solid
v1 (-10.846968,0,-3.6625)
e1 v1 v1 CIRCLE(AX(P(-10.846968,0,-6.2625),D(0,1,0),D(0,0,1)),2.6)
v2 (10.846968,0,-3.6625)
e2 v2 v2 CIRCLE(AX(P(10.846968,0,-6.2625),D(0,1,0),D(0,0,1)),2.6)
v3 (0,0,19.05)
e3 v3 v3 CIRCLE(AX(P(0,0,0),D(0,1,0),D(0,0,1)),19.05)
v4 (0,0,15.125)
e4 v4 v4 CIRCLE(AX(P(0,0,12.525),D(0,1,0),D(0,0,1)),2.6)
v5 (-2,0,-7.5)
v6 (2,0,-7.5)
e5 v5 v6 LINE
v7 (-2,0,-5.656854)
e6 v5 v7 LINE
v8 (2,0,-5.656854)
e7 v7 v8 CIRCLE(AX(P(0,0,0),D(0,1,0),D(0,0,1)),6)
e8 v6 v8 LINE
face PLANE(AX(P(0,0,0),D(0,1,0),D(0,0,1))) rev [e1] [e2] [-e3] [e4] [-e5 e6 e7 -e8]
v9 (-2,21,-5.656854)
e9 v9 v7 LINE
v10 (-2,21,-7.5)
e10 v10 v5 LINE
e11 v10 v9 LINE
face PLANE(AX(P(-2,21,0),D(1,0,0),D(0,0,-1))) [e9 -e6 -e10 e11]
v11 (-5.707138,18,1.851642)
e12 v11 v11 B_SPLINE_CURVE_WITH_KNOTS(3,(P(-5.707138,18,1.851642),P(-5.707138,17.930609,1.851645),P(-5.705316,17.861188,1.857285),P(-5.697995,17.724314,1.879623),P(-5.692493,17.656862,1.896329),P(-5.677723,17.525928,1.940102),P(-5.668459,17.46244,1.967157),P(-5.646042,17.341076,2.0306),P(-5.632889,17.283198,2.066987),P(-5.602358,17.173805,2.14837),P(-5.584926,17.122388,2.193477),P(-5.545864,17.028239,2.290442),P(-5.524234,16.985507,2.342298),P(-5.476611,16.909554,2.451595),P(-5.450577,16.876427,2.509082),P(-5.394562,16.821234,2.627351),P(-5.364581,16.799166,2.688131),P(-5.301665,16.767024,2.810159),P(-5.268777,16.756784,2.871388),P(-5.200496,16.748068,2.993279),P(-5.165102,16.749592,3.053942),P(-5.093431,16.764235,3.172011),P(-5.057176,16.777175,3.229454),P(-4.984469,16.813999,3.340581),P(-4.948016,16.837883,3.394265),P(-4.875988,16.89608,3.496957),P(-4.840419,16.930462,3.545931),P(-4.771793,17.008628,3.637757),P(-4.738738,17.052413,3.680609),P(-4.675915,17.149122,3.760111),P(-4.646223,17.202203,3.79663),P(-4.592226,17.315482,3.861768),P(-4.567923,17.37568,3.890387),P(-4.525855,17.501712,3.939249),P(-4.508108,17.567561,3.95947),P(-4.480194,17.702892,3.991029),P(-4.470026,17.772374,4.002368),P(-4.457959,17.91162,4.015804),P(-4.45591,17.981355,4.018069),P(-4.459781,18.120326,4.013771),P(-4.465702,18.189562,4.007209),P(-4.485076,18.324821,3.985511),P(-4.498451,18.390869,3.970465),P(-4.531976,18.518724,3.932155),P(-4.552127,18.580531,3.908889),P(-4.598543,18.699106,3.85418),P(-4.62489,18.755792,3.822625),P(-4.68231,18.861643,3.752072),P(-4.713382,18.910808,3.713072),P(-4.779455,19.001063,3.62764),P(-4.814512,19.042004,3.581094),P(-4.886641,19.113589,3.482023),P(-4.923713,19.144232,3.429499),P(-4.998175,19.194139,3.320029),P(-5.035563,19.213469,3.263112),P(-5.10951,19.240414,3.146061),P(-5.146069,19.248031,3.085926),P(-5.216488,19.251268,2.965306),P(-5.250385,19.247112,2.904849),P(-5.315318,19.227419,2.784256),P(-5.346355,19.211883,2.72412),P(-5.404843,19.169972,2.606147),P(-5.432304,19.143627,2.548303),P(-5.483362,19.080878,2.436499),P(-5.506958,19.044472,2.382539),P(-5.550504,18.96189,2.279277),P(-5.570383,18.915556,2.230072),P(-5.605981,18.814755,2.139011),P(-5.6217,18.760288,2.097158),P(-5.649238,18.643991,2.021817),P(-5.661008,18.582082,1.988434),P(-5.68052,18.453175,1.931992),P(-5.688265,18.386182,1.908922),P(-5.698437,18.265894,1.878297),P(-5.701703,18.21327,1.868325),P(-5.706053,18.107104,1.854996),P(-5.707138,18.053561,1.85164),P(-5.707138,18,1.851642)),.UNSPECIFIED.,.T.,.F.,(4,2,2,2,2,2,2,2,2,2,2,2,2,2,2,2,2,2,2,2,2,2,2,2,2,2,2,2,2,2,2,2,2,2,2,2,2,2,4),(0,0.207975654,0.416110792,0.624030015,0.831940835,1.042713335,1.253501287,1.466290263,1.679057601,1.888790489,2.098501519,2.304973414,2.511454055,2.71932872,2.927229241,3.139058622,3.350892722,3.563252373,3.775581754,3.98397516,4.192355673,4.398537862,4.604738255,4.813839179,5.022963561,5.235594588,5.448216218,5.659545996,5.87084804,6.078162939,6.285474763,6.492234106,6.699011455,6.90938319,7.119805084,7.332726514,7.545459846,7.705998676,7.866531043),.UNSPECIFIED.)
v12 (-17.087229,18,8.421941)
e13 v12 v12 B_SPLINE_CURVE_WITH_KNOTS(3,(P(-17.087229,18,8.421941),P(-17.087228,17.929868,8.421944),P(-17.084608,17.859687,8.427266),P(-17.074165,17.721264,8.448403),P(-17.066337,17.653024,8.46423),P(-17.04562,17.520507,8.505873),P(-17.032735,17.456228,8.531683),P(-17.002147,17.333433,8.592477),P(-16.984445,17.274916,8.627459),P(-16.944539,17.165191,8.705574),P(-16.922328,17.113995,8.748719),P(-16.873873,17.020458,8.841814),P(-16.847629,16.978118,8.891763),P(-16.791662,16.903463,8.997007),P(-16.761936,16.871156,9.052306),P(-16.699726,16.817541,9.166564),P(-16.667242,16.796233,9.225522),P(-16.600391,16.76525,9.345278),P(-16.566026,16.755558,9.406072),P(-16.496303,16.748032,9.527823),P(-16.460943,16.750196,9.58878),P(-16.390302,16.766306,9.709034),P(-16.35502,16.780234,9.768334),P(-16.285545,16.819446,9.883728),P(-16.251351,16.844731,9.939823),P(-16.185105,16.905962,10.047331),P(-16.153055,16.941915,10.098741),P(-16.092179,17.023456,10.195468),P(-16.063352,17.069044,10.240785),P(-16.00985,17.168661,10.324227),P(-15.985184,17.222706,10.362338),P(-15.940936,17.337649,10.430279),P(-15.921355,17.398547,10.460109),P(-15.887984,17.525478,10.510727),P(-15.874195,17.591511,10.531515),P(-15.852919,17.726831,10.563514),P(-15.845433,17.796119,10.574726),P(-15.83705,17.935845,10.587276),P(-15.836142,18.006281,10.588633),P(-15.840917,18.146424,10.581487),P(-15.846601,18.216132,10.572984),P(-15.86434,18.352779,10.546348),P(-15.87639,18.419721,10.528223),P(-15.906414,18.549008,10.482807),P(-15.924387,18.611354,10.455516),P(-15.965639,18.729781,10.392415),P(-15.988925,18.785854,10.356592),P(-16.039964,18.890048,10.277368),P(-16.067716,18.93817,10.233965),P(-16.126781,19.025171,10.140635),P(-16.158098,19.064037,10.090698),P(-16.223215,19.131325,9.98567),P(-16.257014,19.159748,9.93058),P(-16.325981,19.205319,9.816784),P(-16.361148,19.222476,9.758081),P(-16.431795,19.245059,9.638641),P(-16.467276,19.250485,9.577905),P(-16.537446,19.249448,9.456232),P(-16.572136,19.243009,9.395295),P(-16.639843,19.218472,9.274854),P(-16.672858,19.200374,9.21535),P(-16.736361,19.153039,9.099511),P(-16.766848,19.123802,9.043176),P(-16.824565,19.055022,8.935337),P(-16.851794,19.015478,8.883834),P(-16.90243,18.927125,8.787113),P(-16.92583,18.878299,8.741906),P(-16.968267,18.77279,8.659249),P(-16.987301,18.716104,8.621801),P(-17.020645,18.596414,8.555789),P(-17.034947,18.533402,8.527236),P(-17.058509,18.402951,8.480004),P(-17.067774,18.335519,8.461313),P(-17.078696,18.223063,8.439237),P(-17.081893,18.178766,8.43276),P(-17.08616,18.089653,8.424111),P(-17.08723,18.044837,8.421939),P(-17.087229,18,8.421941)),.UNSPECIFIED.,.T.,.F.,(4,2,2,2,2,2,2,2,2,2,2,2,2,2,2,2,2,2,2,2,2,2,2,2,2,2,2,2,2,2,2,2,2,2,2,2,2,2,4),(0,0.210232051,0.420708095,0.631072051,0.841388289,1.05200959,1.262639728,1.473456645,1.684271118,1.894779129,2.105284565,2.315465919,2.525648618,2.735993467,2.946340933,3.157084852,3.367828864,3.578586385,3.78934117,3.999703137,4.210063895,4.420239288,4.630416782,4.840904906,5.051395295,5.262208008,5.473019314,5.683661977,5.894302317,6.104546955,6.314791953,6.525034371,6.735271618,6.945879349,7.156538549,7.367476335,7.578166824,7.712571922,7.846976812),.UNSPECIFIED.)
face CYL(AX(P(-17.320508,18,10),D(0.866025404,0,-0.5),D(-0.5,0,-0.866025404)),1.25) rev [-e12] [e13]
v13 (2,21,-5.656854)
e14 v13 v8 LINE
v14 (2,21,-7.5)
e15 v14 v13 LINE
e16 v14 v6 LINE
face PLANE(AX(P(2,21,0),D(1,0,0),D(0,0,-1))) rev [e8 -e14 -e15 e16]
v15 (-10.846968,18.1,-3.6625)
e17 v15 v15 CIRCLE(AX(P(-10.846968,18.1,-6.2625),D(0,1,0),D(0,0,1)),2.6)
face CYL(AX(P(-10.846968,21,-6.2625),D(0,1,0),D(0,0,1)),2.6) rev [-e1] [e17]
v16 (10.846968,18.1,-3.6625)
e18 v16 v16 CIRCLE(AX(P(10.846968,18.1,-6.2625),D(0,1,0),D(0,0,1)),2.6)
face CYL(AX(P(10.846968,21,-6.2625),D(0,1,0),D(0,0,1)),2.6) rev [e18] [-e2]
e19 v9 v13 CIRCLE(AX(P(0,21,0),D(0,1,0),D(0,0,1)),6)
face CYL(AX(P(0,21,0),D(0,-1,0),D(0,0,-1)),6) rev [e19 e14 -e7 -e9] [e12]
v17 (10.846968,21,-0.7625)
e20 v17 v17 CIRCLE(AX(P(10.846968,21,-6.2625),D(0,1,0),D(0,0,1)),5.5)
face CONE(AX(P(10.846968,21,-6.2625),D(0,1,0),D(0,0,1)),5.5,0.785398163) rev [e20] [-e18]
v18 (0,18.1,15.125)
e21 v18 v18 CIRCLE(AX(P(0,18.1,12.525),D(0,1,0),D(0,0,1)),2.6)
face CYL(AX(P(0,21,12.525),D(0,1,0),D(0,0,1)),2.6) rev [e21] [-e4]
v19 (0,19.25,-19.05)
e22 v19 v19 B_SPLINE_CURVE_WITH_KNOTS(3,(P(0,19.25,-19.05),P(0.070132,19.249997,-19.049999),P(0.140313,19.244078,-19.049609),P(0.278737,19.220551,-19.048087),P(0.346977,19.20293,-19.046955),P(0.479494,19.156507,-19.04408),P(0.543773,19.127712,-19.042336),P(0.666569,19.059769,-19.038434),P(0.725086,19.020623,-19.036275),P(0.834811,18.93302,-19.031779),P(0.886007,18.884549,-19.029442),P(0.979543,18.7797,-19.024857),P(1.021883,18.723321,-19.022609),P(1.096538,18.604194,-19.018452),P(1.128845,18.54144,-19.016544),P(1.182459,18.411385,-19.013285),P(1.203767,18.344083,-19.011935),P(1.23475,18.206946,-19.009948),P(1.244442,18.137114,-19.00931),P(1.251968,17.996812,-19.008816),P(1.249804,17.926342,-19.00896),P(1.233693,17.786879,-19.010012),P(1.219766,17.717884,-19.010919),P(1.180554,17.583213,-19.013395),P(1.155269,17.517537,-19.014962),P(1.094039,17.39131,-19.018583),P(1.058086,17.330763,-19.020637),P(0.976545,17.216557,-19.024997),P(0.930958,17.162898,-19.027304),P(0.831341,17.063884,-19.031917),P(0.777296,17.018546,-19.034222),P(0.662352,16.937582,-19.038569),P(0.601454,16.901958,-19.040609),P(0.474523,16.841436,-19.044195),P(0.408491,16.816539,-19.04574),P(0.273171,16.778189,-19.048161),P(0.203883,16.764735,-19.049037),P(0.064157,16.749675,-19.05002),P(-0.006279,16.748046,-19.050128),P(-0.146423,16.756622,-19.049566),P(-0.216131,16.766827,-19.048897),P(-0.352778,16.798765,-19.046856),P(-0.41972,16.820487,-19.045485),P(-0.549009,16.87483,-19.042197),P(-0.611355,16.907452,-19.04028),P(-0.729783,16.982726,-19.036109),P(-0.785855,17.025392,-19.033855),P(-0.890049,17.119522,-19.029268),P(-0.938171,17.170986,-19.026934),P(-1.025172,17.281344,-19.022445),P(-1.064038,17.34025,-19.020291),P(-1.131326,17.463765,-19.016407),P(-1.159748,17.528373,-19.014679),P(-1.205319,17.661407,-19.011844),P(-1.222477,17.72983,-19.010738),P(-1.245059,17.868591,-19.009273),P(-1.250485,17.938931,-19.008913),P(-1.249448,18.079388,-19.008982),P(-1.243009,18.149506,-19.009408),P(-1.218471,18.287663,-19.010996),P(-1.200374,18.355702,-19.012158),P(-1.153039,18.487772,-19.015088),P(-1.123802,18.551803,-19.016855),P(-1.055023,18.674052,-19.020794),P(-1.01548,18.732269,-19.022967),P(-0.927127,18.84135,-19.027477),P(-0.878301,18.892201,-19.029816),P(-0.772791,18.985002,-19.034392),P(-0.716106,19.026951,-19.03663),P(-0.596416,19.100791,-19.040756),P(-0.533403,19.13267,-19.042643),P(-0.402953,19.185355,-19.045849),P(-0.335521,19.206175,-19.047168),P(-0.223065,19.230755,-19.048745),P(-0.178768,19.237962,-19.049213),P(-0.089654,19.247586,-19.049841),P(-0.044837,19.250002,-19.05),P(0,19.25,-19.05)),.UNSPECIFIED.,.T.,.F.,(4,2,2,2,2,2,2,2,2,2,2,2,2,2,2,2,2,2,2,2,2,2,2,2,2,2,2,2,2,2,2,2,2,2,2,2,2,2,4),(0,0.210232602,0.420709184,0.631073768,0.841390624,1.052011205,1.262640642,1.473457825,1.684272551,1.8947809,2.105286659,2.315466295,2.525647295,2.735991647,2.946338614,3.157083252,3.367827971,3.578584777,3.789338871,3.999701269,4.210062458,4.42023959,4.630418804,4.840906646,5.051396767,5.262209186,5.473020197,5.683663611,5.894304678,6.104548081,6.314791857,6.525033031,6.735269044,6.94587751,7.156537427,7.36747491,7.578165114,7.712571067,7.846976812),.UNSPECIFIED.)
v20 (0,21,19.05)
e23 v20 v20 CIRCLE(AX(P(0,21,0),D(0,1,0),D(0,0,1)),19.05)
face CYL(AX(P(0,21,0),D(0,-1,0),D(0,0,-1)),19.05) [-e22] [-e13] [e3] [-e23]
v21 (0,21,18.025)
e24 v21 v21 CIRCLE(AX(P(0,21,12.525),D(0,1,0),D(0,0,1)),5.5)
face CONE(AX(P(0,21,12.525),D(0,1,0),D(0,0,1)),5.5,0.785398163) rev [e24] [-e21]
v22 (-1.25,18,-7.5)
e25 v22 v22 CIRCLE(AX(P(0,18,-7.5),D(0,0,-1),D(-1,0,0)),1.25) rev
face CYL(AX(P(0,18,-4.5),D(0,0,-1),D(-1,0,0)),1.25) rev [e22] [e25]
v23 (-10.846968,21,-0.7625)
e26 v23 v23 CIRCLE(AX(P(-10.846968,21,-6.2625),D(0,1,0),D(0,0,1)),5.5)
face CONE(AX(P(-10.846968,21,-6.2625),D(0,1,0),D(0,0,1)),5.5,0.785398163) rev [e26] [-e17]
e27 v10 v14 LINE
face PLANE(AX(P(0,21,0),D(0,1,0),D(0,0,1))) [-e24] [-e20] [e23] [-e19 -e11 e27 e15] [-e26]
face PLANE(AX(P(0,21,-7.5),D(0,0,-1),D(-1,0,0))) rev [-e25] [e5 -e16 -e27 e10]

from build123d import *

# Parameters (mm, degrees)
SKETCH1_R                     = 19.05
SKETCH1_R_2                   = 2.5
BOSS_EXTRUDE1_DEPTH           = 21
SKETCH2_R                     = 1.25
CUT_EXTRUDE1_DEPTH            = 3
CUT_EXTRUDE1_DEPTH_BACK       = 15
SKETCH4_R                     = 1.25
CUT_EXTRUDE2_DEPTH            = 20
CSK_FOR_M5_SFHCS1_D           = 5.2
CSK_FOR_M5_SFHCS1_CSINK_D     = 11
CSK_FOR_M5_SFHCS1_CSINK_ANGLE = 90


with BuildPart() as part:
    # Sketch1 → Boss-Extrude1 (new body)
    with BuildSketch(Plane(origin=(0, 0, 0), x_dir=(1, 0, 0), z_dir=(0, 1, 0))):
        Circle(SKETCH1_R)
        with Locations((0, -12.525)):
            Circle(SKETCH1_R_2, mode=Mode.SUBTRACT)
        with Locations((-10.846968182, 6.2625)):
            Circle(SKETCH1_R_2, mode=Mode.SUBTRACT)
        with BuildLine():
            Line((-2, 5.656854249), (-2, 7.5))
            Line((-2, 7.5), (-1, 7.5))
            Line((-1, 7.5), (1, 7.5))
            Line((1, 7.5), (2, 7.5))
            Line((2, 7.5), (2, 5.656854249))
            ThreePointArc((2, 5.656854249), (4.898979486, 3.464101615), (6, 0))
            ThreePointArc((6, 0), (-3.464101615, -4.898979486), (-2, 5.656854249))
        make_face(mode=Mode.SUBTRACT)
        with Locations((10.846968182, 6.2625)):
            Circle(SKETCH1_R_2, mode=Mode.SUBTRACT)
        with Locations((-10.846968182, 6.2625)):
            Circle(SKETCH1_R_2)
        with Locations((10.846968182, 6.2625)):
            Circle(SKETCH1_R_2)
        with Locations((0, -12.525)):
            Circle(SKETCH1_R_2)
    extrude(amount=BOSS_EXTRUDE1_DEPTH)

    # Sketch2 → Cut-Extrude1 (cut, two sides)
    with BuildSketch(Plane.XY.offset(-7.5)) as cut_extrude1_sk:
        with Locations((0, 18)):
            Circle(SKETCH2_R)
    extrude(amount=CUT_EXTRUDE1_DEPTH, mode=Mode.SUBTRACT)
    extrude(cut_extrude1_sk.sketch, amount=-CUT_EXTRUDE1_DEPTH_BACK, mode=Mode.SUBTRACT)

    # Sketch4 → Cut-Extrude2 (cut)
    with BuildSketch(Plane(origin=(0, 0, 0), x_dir=(0, -1, 0), z_dir=(-0.866025404, 0, 0.5))):
        with Locations((-18, 0)):
            Circle(SKETCH4_R)
    extrude(amount=CUT_EXTRUDE2_DEPTH, mode=Mode.SUBTRACT)

    # CSK for M5 SFHCS1 (through all)
    with Locations(Plane(origin=(0, 21, 0), x_dir=(1, 0, 0), z_dir=(0, 1, 0))):
        with Locations((10.846968182, 6.2625), (0, -12.525), (-10.846968182, 6.2625), (0, 0)):
            CounterSinkHole(CSK_FOR_M5_SFHCS1_D / 2, CSK_FOR_M5_SFHCS1_CSINK_D / 2, counter_sink_angle=CSK_FOR_M5_SFHCS1_CSINK_ANGLE)


solid = part.part
